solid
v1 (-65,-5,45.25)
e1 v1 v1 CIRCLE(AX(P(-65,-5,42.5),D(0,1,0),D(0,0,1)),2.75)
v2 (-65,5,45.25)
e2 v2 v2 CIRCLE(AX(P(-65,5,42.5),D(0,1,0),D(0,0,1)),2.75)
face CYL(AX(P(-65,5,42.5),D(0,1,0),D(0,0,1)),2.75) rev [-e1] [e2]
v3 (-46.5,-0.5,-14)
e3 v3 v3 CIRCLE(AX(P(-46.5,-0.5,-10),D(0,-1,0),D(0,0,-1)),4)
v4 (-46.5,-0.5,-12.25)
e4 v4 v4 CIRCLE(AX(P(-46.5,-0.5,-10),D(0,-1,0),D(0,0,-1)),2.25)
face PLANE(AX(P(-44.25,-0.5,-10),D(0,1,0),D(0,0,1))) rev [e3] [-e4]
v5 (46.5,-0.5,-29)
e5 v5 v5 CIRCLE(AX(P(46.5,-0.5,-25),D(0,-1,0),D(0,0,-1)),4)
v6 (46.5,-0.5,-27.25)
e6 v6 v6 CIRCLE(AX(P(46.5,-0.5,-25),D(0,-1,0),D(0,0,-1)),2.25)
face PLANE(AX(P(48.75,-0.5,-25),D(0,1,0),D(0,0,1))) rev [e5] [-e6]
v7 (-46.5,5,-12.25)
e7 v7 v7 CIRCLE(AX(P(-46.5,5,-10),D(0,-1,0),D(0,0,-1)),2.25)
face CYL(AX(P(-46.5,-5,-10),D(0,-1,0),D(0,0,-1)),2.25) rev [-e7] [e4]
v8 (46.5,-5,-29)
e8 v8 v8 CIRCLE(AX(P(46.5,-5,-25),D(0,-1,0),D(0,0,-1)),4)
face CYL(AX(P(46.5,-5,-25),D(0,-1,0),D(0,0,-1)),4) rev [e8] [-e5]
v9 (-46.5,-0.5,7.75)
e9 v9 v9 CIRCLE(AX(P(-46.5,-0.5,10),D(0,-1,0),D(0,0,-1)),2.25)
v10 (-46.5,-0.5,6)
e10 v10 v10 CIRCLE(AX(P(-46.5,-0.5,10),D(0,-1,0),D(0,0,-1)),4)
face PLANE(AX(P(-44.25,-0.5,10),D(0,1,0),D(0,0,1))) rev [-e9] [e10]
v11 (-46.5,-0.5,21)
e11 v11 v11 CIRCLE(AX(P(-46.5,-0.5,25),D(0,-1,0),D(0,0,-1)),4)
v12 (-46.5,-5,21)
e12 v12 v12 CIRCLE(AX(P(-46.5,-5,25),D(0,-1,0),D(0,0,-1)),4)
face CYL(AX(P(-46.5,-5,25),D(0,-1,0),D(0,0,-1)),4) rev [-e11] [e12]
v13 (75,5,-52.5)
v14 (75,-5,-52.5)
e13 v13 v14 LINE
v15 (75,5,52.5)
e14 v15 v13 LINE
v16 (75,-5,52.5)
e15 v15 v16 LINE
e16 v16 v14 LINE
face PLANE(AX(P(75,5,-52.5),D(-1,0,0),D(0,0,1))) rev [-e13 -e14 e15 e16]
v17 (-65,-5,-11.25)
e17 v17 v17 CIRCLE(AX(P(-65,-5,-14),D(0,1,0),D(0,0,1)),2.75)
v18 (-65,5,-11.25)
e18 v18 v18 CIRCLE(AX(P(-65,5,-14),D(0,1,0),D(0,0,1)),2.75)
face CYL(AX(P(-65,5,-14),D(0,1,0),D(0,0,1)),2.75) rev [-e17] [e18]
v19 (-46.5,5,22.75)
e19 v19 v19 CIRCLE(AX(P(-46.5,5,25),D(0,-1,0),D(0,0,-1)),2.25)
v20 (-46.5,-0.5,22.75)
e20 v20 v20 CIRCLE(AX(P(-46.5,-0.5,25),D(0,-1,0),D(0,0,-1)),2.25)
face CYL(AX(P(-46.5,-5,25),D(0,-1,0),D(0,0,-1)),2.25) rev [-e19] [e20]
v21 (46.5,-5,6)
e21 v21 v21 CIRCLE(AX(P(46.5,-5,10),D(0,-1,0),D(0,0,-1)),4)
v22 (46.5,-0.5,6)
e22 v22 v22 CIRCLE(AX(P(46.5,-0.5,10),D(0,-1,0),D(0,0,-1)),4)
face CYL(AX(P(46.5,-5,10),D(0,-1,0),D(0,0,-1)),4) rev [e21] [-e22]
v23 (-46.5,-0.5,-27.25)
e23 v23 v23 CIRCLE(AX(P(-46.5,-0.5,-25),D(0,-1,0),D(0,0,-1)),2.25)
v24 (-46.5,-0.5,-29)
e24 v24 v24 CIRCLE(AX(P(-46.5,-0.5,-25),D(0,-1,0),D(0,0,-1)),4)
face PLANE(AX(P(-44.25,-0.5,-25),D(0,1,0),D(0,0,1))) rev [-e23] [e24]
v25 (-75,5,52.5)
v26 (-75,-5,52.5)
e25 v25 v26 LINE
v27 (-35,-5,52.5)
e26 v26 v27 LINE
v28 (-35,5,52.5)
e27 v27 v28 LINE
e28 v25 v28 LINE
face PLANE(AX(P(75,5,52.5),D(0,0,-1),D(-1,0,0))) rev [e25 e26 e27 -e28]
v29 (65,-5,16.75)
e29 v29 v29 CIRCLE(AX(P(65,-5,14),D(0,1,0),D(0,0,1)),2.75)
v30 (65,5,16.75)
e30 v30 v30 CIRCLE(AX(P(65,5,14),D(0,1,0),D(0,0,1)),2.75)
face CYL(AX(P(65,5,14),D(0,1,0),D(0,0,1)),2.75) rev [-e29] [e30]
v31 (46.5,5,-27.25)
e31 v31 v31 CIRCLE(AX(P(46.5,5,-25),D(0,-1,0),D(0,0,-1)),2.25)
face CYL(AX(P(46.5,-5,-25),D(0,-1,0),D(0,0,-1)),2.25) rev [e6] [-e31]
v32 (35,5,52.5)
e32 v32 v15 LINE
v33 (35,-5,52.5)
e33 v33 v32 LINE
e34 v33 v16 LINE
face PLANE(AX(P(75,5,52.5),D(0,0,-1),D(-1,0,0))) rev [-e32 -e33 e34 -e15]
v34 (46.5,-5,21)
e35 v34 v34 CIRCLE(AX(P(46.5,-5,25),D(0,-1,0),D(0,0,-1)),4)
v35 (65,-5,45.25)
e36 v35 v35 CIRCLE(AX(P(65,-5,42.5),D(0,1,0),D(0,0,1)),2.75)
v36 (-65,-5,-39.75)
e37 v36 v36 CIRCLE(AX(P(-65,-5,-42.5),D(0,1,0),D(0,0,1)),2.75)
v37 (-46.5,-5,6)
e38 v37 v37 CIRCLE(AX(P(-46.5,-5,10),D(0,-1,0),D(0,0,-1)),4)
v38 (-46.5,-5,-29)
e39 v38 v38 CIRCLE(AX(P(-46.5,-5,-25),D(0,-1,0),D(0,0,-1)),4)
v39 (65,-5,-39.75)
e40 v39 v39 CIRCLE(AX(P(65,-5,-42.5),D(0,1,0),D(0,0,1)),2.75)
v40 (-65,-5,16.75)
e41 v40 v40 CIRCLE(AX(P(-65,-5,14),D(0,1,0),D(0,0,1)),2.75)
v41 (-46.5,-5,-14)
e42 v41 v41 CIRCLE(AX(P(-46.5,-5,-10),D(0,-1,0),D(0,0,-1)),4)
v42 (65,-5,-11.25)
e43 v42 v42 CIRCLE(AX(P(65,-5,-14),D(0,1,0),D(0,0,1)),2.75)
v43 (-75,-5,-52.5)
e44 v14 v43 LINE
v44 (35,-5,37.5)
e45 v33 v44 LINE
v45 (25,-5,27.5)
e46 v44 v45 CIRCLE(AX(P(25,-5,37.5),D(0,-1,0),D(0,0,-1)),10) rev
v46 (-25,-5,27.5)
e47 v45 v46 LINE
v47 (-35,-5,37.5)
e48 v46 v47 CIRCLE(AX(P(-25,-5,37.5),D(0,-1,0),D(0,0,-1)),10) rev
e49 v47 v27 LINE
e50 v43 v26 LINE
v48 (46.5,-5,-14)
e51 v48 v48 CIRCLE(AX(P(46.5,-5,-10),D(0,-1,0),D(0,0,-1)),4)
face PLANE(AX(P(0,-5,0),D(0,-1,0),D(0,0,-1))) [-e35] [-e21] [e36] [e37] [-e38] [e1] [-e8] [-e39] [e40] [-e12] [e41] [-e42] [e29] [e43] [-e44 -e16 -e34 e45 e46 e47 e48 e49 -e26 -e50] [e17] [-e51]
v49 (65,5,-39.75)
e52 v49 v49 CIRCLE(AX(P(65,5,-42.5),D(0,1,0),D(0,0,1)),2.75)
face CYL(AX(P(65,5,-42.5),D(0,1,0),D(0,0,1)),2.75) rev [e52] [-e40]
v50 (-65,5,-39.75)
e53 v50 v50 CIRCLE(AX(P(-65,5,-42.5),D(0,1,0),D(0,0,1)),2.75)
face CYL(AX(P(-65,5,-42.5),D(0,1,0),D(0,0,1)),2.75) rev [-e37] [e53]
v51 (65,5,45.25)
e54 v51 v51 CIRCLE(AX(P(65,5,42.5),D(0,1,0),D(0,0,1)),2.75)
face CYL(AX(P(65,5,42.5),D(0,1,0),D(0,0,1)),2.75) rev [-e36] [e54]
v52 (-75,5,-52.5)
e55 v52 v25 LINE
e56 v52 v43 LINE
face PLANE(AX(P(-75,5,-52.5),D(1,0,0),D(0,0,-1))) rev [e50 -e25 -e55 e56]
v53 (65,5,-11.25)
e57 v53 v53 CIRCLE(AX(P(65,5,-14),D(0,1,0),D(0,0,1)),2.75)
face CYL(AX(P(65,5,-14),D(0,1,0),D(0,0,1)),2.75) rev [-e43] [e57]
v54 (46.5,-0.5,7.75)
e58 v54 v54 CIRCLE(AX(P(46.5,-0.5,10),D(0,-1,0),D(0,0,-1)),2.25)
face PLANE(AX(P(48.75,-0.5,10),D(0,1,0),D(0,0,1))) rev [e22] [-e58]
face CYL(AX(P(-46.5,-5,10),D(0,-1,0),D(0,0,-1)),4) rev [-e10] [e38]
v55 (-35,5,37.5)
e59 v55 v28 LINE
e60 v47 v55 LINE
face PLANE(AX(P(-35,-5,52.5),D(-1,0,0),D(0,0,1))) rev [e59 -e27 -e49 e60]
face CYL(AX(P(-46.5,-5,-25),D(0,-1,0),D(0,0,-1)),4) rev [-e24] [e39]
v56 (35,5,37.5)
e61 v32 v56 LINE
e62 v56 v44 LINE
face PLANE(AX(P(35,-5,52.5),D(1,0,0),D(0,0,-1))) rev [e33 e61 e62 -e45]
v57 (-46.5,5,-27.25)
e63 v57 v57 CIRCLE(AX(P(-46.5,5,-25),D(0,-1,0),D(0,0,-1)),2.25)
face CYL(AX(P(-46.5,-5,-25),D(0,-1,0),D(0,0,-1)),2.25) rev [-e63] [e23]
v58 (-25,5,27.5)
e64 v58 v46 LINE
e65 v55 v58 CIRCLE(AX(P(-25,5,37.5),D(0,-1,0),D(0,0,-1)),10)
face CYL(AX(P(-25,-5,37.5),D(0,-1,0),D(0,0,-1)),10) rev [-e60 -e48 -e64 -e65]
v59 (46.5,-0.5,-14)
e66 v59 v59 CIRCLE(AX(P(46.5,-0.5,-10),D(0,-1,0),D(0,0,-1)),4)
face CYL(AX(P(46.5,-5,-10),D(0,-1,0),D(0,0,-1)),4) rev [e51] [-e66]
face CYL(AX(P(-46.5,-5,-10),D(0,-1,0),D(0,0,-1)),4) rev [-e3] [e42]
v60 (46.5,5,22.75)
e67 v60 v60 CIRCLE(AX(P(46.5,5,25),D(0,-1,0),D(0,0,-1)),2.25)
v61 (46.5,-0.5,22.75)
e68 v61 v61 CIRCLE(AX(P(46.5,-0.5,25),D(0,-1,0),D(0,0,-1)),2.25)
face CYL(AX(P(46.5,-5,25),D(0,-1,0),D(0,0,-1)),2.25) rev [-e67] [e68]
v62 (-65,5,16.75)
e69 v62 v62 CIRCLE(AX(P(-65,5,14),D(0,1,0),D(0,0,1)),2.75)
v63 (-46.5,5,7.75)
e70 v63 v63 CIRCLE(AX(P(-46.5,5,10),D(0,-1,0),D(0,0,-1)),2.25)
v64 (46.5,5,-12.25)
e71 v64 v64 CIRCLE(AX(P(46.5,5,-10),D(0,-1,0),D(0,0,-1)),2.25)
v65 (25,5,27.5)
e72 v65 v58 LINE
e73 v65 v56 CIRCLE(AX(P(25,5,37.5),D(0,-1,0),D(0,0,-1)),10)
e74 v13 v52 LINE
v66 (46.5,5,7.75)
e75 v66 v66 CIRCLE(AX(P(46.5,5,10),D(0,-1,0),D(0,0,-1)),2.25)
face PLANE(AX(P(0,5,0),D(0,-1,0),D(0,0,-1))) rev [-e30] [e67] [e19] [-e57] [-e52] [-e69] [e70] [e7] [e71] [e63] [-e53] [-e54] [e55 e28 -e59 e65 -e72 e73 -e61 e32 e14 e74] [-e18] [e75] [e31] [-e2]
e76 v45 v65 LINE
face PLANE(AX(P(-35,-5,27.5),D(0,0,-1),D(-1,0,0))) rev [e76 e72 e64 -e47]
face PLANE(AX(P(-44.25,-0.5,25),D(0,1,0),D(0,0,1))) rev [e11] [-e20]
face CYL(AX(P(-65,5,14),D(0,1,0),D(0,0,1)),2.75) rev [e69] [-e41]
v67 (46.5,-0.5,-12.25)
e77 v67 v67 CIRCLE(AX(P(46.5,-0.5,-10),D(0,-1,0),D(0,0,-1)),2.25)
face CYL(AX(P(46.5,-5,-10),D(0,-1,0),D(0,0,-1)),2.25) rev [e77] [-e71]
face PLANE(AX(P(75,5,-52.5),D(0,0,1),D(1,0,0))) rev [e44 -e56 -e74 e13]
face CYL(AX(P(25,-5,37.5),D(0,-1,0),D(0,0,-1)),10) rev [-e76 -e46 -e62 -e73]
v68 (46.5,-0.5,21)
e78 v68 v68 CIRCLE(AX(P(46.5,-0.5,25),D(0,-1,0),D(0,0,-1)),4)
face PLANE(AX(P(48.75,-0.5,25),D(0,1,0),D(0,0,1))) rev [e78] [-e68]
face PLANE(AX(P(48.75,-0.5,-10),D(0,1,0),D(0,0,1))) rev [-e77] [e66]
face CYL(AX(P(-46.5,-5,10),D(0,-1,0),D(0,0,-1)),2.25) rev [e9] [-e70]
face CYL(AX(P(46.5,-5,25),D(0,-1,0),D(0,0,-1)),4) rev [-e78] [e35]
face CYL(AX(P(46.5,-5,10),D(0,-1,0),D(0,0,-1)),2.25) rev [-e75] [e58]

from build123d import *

# Parameters (mm, degrees)
SKETCH1_W                                           = 150
SKETCH1_H                                           = 105
BOSS_EXTRUDE1_DEPTH                                 = 5
CBORE_FOR_M4_HEX_SOCKET_HEAD_CAP_SCREW1_D           = 4.5
CBORE_FOR_M4_HEX_SOCKET_HEAD_CAP_SCREW1_CBORE_D     = 8
CBORE_FOR_M4_HEX_SOCKET_HEAD_CAP_SCREW1_CBORE_DEPTH = 4.5
F_5_5_5_5_DIAMETER_HOLE1_D                          = 5.5
SKETCH9_W                                           = 70
SKETCH9_H                                           = 25
CUT_EXTRUDE1_DEPTH                                  = 10
FILLET1_R                                           = 10


with BuildPart() as part:
    # Sketch1 → Boss-Extrude1 (new, symmetric)
    with BuildSketch(Plane(origin=(0, 0, 0), x_dir=(1, 0, 0), z_dir=(0, 1, 0))):
        Rectangle(SKETCH1_W, SKETCH1_H)
    extrude(amount=BOSS_EXTRUDE1_DEPTH, both=True)

    # CBORE for M4 Hex Socket Head Cap Screw1 (through all)
    with Locations(Plane(origin=(0, -5, 0), x_dir=(-1, 0, 0), z_dir=(0, -1, 0))):
        with Locations((-46.5, -25), (-46.5, -10), (-46.5, 10), (-46.5, 25), (46.5, -25), (46.5, -10), (46.5, 10), (46.5, 25)):
            CounterBoreHole(CBORE_FOR_M4_HEX_SOCKET_HEAD_CAP_SCREW1_D / 2, CBORE_FOR_M4_HEX_SOCKET_HEAD_CAP_SCREW1_CBORE_D / 2, CBORE_FOR_M4_HEX_SOCKET_HEAD_CAP_SCREW1_CBORE_DEPTH)

    # Ø5.5 (5.5) Diameter Hole1 (through all)
    with Locations(Plane(origin=(0, 5, 0), x_dir=(1, 0, 0), z_dir=(0, 1, 0))):
        with Locations((65, -42.5), (65, 42.5), (-65, 42.5), (-65, -42.5), (-65, -14), (65, -14), (-65, 14), (65, 14)):
            Hole(F_5_5_5_5_DIAMETER_HOLE1_D / 2)

    # Sketch9 → Cut-Extrude1 (cut)
    with BuildSketch(Plane(origin=(0, 5, 0), x_dir=(1, 0, 0), z_dir=(0, 1, 0))):
        with Locations((0, -40)):
            Rectangle(SKETCH9_W, SKETCH9_H)
    extrude(amount=-CUT_EXTRUDE1_DEPTH, mode=Mode.SUBTRACT)

    # Fillet1
    fillet1_edges = [part.edges().sort_by_distance(p)[0] for p in [
        (-35, 0, 27.5),
        (35, 0, 27.5),
    ]]
    fillet(fillet1_edges, radius=FILLET1_R)


solid = part.part
